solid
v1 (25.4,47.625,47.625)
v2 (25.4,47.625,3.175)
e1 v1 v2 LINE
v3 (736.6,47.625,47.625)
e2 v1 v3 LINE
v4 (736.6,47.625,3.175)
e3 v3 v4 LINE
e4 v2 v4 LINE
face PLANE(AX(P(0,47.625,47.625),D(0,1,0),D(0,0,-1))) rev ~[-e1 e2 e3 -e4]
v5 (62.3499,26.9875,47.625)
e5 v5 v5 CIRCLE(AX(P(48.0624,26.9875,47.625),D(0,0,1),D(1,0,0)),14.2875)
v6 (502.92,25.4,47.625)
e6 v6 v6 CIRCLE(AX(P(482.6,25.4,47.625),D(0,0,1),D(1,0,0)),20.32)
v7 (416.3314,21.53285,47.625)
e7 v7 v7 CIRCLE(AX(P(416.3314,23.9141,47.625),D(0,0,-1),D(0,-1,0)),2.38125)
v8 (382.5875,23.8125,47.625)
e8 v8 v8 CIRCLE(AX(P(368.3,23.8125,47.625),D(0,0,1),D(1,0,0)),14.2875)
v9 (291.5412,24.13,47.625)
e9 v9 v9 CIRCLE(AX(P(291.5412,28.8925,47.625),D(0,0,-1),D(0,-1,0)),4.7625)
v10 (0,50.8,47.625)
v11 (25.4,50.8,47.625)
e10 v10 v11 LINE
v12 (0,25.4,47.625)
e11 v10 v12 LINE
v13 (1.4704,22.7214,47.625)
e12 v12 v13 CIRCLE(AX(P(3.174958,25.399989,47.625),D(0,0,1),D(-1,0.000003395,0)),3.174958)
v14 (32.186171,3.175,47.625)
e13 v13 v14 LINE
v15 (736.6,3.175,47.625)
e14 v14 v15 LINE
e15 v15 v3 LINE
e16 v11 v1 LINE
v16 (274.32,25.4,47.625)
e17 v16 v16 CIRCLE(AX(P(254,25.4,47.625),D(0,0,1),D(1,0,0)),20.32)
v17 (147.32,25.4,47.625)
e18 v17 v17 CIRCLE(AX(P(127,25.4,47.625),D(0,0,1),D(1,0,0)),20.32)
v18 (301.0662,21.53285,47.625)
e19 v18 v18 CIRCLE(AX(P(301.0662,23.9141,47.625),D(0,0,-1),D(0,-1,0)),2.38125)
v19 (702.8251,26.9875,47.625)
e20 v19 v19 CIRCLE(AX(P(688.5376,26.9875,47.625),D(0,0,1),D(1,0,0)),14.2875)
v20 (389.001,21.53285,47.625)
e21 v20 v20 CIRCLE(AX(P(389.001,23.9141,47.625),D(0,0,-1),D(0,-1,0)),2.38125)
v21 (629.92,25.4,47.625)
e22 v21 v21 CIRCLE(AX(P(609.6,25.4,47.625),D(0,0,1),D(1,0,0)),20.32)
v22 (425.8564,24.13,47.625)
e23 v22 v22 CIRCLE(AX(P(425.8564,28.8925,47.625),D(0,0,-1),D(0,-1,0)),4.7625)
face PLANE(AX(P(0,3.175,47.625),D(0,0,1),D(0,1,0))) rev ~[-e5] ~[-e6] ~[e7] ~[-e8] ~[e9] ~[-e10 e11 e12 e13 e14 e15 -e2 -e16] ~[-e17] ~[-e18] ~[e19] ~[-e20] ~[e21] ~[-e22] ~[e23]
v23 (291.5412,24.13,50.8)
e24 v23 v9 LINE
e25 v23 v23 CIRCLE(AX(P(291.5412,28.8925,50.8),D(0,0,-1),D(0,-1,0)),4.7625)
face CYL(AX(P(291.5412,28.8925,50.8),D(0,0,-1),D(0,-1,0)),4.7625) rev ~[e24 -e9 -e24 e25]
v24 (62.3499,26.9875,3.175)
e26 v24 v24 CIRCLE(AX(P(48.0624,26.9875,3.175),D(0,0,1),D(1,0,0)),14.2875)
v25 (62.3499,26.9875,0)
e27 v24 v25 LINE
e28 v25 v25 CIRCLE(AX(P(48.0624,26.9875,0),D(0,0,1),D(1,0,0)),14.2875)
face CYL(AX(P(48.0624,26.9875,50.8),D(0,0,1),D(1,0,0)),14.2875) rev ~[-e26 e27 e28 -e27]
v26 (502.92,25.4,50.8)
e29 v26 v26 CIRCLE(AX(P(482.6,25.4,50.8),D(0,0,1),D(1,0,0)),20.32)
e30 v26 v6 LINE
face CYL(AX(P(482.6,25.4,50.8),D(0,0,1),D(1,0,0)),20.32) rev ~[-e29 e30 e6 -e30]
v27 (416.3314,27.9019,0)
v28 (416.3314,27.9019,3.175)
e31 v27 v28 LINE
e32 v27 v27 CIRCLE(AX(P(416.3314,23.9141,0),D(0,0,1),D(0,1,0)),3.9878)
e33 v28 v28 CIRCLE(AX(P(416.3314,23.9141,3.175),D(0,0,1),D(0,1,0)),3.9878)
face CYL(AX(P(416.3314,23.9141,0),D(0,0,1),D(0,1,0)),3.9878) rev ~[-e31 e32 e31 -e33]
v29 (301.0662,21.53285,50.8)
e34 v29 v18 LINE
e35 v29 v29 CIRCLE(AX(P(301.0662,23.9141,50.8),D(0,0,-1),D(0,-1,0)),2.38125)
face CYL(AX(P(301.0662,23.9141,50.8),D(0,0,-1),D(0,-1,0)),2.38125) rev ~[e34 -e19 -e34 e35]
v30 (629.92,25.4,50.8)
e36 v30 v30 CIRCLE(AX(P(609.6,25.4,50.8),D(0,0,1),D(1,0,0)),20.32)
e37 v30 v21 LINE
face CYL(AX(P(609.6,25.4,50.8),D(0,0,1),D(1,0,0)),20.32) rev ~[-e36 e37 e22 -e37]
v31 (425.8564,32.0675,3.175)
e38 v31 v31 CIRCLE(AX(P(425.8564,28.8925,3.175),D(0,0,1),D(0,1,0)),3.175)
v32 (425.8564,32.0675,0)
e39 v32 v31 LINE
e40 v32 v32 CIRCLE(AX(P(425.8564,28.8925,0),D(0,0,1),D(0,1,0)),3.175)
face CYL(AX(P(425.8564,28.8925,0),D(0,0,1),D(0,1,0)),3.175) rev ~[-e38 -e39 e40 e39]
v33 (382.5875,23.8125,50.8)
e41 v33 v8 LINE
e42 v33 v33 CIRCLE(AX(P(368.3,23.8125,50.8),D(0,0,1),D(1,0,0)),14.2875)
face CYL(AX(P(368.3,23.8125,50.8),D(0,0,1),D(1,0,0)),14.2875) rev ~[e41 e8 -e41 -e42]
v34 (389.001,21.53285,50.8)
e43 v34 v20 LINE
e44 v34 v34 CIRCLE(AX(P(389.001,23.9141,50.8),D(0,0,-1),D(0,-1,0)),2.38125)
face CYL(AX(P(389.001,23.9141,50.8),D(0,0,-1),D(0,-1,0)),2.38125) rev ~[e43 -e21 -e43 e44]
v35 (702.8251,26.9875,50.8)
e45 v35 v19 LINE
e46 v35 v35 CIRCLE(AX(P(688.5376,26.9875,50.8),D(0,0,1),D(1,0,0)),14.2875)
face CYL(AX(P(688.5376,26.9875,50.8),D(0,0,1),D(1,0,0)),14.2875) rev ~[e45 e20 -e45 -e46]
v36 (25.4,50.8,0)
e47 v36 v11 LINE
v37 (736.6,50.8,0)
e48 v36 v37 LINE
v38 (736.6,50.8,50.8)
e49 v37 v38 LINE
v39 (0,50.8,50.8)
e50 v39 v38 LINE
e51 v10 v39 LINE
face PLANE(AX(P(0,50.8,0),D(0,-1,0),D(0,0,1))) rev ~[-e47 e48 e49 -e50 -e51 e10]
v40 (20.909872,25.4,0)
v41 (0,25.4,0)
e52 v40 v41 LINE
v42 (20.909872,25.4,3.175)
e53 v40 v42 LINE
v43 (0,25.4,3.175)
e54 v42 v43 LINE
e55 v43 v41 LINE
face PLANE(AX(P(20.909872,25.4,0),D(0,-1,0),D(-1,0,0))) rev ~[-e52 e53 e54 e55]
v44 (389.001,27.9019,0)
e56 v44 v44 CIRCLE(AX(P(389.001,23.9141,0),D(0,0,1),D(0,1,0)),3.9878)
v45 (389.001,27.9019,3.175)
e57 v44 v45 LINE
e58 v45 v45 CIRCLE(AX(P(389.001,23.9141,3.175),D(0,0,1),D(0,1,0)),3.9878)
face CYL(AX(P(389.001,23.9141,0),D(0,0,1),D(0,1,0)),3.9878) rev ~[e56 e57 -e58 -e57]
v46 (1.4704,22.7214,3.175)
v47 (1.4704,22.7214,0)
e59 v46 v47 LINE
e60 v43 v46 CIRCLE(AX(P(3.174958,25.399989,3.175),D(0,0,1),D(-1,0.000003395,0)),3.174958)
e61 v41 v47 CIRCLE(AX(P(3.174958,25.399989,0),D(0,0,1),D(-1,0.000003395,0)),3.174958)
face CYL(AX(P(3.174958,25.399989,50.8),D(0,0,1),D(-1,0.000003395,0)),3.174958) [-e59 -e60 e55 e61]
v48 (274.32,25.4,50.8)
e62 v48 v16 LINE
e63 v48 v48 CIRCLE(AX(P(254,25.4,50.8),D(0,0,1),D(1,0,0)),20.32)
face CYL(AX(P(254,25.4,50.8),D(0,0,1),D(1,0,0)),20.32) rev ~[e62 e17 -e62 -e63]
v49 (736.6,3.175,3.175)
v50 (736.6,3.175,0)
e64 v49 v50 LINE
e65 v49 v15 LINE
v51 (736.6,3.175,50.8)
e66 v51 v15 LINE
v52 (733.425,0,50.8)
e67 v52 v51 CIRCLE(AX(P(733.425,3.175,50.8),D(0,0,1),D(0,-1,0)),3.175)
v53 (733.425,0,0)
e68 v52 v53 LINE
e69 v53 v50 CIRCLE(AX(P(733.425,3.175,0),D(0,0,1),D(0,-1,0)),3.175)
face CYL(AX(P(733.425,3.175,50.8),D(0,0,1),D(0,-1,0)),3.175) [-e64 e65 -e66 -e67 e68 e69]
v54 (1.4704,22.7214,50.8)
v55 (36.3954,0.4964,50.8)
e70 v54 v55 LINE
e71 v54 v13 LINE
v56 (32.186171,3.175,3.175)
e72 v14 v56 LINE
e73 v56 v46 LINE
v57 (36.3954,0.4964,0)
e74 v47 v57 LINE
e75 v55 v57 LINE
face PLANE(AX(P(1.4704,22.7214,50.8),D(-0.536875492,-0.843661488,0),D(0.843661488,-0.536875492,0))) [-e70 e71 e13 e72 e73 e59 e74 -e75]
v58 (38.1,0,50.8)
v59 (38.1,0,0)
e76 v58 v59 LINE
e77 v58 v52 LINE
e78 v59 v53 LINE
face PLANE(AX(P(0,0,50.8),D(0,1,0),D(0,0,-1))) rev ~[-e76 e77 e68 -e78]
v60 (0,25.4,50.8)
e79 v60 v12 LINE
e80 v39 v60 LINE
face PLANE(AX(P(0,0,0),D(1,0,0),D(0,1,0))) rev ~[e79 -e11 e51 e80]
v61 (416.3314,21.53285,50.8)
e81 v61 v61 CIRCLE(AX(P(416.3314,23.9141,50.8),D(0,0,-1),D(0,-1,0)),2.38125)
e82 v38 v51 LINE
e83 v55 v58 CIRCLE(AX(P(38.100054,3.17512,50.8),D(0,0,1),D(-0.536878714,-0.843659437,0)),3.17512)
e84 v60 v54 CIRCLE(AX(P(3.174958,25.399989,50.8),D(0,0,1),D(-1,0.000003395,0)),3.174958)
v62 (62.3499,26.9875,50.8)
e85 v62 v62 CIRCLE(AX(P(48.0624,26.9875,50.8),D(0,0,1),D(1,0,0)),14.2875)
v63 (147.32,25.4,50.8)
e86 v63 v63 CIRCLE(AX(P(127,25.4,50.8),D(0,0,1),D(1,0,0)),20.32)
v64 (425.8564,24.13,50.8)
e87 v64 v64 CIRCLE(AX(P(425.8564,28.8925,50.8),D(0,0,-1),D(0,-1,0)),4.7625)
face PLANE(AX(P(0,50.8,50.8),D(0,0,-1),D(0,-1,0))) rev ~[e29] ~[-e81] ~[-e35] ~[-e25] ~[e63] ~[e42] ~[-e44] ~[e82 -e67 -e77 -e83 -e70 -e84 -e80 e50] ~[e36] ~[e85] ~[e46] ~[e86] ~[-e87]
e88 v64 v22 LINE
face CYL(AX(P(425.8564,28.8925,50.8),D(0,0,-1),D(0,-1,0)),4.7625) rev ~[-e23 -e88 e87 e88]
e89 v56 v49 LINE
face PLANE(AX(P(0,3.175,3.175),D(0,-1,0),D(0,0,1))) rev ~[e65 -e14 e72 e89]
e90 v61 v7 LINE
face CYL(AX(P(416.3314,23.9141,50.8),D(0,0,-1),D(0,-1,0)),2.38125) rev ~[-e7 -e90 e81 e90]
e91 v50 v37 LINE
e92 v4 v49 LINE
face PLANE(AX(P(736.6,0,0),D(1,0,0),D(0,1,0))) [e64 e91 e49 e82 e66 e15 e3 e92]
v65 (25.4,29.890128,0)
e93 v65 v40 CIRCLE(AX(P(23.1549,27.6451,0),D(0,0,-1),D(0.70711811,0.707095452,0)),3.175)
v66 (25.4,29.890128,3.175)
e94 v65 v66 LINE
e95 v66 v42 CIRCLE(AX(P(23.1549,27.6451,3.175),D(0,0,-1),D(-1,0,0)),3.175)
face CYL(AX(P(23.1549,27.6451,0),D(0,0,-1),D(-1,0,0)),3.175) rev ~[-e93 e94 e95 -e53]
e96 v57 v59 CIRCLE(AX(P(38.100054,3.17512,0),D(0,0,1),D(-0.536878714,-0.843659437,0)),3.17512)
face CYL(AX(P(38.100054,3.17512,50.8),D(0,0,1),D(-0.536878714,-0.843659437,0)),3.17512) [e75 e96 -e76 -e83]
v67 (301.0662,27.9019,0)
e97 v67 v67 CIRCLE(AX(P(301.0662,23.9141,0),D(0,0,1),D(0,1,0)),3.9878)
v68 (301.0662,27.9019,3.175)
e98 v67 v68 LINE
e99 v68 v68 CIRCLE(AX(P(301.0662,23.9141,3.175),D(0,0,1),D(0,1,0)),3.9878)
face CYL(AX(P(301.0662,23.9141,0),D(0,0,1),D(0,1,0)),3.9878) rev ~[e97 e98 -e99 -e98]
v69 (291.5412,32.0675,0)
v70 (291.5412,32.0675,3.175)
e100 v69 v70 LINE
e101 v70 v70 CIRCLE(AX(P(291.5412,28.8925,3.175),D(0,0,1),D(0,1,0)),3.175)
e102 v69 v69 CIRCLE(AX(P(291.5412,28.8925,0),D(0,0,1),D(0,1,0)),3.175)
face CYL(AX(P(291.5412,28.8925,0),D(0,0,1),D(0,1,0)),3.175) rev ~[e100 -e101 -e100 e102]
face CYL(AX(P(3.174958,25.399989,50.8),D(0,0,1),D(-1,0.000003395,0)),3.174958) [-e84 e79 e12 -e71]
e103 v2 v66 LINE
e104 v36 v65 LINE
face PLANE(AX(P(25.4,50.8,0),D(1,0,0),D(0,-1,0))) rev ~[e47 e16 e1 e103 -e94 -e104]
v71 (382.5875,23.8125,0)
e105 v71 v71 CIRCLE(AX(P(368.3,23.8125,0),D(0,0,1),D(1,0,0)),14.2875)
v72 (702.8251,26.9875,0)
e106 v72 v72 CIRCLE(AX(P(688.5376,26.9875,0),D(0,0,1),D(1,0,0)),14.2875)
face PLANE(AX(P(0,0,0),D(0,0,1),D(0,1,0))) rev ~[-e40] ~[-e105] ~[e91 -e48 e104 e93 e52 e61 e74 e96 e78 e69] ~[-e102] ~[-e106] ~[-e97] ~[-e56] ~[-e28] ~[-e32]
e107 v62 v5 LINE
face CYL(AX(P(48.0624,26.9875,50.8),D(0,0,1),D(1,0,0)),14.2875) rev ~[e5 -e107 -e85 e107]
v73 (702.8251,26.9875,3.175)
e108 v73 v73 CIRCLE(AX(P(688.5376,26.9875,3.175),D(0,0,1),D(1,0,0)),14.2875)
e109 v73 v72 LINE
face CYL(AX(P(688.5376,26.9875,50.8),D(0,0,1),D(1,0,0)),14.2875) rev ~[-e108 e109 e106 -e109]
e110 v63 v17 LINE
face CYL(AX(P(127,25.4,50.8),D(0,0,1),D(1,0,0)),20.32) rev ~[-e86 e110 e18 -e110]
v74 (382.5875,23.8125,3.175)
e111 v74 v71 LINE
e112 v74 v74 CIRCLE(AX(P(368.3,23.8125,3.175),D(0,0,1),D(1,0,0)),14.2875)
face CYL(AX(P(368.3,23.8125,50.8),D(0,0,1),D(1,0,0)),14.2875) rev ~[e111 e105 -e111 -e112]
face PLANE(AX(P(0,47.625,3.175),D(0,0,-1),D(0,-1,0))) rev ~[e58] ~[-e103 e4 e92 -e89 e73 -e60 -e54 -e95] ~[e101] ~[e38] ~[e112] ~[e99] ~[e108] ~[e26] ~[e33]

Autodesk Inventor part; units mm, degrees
ref_plane "YZ Plane" through (0, 0, 0) normal (1, 0, 0) x (0, 1, 0)
ref_plane "XZ Plane" through (0, 0, 0) normal (0, 1, 0) x (-1, 0, 0)
ref_plane "XY Plane" through (0, 0, 0) normal (0, 0, 1) x (1, 0, 0)
sketch "Sketch1" plane through (0, 0, 0) normal (1, 0, 0) x (0, 1, 0)
  line L0 (0, 0) -> (50.8, 0)
  line L1 (50.8, 0) -> (50.8, 50.8)
  line L2 (50.8, 50.8) -> (0, 50.8)
  line L3 (0, 50.8) -> (0, 0)
  line L4 (3.175, 47.625) -> (47.625, 47.625)
  line L5 (47.625, 47.625) -> (47.625, 3.175)
  line L6 (47.625, 3.175) -> (3.175, 3.175)
  line L7 (3.175, 3.175) -> (3.175, 47.625)
  dimension "d0" = 50.8
  dimension "d1" = 3.175
extrude "Extrusion1" add sketch "Sketch1" along normal blind 736.6
sketch "Sketch2" plane through (0, 0, 50.8) normal (0, 0, 1) x (1, 0, 0)
  line L0 (0, 50.8) -> (0, 0) projected
  line L1 (0, 0) -> (736.6, 0) projected
  line L2 (736.6, 50.8) -> (736.6, 0) projected
  line L3 (0, 50.8) -> (736.6, 50.8) projected
  circle A0 centre (48.0624, 26.9875) radius 14.2875
  circle A1 centre (368.3, 23.8125) radius 14.2875
  circle A2 centre (688.5376, 26.9875) radius 14.2875
  line L4 (-35.152, 25.4) -> (810.7598, 25.4) construction
  line L5 (736.6, 3.175) -> (736.6, 0)
  line L6 (736.6, 0) -> (733.425, 0)
  arc A3 (733.425, 0) -> (736.6, 3.175) centre (733.425, 3.175) ccw
  arc A4 (0, 25.4) -> (1.4704, 22.7214) centre (3.175, 25.4) ccw
  arc A5 (36.3954, 0.4964) -> (38.1, 0) centre (38.1, 3.175) ccw
  line L7 (1.4704, 22.7214) -> (36.3954, 0.4964)
  line L8 (0, 25.4) -> (0, 0)
  line L9 (38.1, 0) -> (0, 0)
  line L10 (-134.201, 26.9875) -> (938.3775, 26.9875) construction
  dimension "d4" = 25.4
  dimension "d5" = 23.8125
  dimension "d6" = 320.2534
  dimension "d7" = 320.2534
  dimension "d8" = 368.3
  dimension "d9" = 28.575
  dimension "d10" = 3.175
  dimension "d11" = 3.175
  dimension "d12" = 3.175
  dimension "d13" = 3.175
  dimension "d14" = 38.1
  dimension "d19" = 1.5875
extrude "Extrusion2" cut sketch "Sketch2" against normal blind 50.8 contours A4 L7 A5 L1 L0 | L2 L1 A3 | A0 | A1 | A2
sketch "Sketch3" plane through (736.6, 50.8, 0) normal (0, 0, -1) x (-1, 0, 0)
  line L0 (736.6, 0) -> (711.2, 0)
  line L1 (711.2, 0) -> (711.2, -25.4)
  line L2 (711.2, -25.4) -> (736.6, -25.4)
  line L3 (736.6, -25.4) -> (736.6, 0)
  line L4 (711.2, -25.4) -> (717.8505, -18.7495) construction
  circle A0 centre (713.4451, -23.1549) radius 3.175
  point P0 (736.6, -50.8)
  dimension "d24" = 6.35
  dimension "d17" = 25.4
  dimension "d22" = 45
extrude "Extrusion3" cut sketch "Sketch3" against normal blind 47.625
sketch "Sketch5" plane through (0, 50.8, 50.8) normal (0, 0, 1) x (1, 0, 0)
  line L0 (0, 0) -> (736.6, 0) projected
  line L1 (0, 0) -> (0, -25.4) projected
  circle A0 centre (368.3, -26.9875) radius 14.2875 projected
  line L2 (-82.8733, -25.4) -> (895.8965, -25.4) construction
  circle A1 centre (127, -25.4) radius 20.32
  circle A2 centre (254, -25.4) radius 20.32
  circle A3 centre (482.6, -25.4) radius 20.32
  circle A4 centre (609.6, -25.4) radius 20.32
  point P0 (0, -50.8)
  dimension "d25" = 25.4
  dimension "d26" = 40.64
  dimension "d27" = 127
  dimension "d28" = 127
  dimension "d29" = 114.3
  dimension "d30" = 114.3
extrude "Extrusion4" cut sketch "Sketch5" against normal blind 3.175 contours A1 | A2 | A3 | A4
sketch "Sketch6" plane through (733.425, 0, 0) normal (0, 0, -1) x (-1, 0, 0)
  line L0 (733.425, 25.4) -> (712.5151, 25.4) projected
  circle A0 centre (365.125, 23.8125) radius 14.2875 projected
  line L1 (217.4406, 23.9141) -> (492.0781, 23.9141) construction
  point P0 (733.425, 0)
  point P1 (432.3588, 23.9141)
  point P2 (344.424, 23.9141)
  point P3 (317.0936, 23.9141)
  dimension "d33" = 0.1016
  dimension "d34" = 20.701
  dimension "d35" = 48.0314
  dimension "d36" = 67.2338
hole "Hole1" at (301.0662, 23.9141, 0) at (389.001, 23.9141, 0) at (416.3314, 23.9141, 0) direction (0, 0, 1) diameter 7.9756 depth 25.4 tip angle 118
sketch "Sketch7" plane through (733.425, 0, 0) normal (0, 0, -1) x (-1, 0, 0)
  line L0 (733.425, 25.4) -> (712.5151, 25.4) projected
  circle A0 centre (365.125, 23.8125) radius 14.2875 projected
  line L1 (252.4125, 28.8925) -> (487.3625, 28.8925) construction
  point P0 (733.425, 0)
  point P1 (307.5686, 28.8925)
  point P2 (441.8838, 28.8925)
  dimension "d44" = 5.08
  dimension "d45" = 57.5564
  dimension "d46" = 76.7588
hole "Hole2" at (425.8564, 28.8925, 0) at (291.5412, 28.8925, 0) direction (0, 0, 1) diameter 6.35 depth 25.4 tip angle 118
sketch "Sketch8" plane through (0, 50.8, 50.8) normal (0, 0, 1) x (1, 0, 0)
  circle A0 centre (482.6, -25.4) radius 20.32 projected
  circle A1 centre (127, -25.4) radius 20.32 projected
  circle A2 centre (254, -25.4) radius 20.32 projected
  circle A3 centre (609.6, -25.4) radius 20.32 projected
  arc A4 (36.3954, -50.3036) -> (38.1, -50.8) centre (38.1, -47.625) ccw projected
  line L0 (38.1, -50.8) -> (733.425, -50.8) projected
  arc A5 (733.425, -50.8) -> (736.6, -47.625) centre (733.425, -47.625) ccw projected
  line L1 (736.6, 0) -> (736.6, -47.625) projected
  line L2 (0, 0) -> (736.6, 0) projected
  line L3 (0, 0) -> (0, -25.4) projected
  arc A6 (0, -25.4) -> (1.4704, -28.0786) centre (3.175, -25.4) ccw projected
  line L4 (1.4704, -28.0786) -> (36.3954, -50.3036) projected
  circle A7 centre (368.3, -26.9875) radius 14.2875 projected
  circle A8 centre (48.0624, -23.8125) radius 14.2875 projected
  circle A9 centre (688.5376, -23.8125) radius 14.2875 projected
  circle A10 centre (291.5412, -21.9075) radius 3.175 projected
  circle A11 centre (301.0662, -26.8859) radius 3.9878 projected
  circle A12 centre (389.001, -26.8859) radius 3.9878 projected
  circle A13 centre (416.3314, -26.8859) radius 3.9878 projected
  circle A14 centre (425.8564, -21.9075) radius 3.175 projected
  point P0 (0, -50.8)
hole "Hole3" at (301.0662, 23.9141, 50.8) at (389.001, 23.9141, 50.8) at (416.3314, 23.9141, 50.8) direction (0, 0, -1) diameter 4.7625 depth 25.4 tip angle 118
sketch "Sketch9" plane through (0, 50.8, 50.8) normal (0, 0, 1) x (1, 0, 0)
  circle A0 centre (291.5412, -21.9075) radius 3.175 projected
  circle A1 centre (425.8564, -21.9075) radius 3.175 projected
  point P0 (0, -50.8)
hole "Hole4" at (291.5412, 28.8925, 50.8) at (425.8564, 28.8925, 50.8) direction (0, 0, -1) diameter 9.525 depth 25.4 tip angle 118
sketch "Sketch11" plane through (733.425, 0, 0) normal (0, 0, -1) x (-1, 0, 0)
  circle A0 centre (307.5686, 28.8925) radius 3.175 projected
  circle A1 centre (441.8838, 28.8925) radius 3.175 projected
  circle A2 centre (344.424, 23.9141) radius 3.9878 projected
  circle A3 centre (432.3588, 23.9141) radius 3.9878 projected
  circle A4 centre (317.0936, 23.9141) radius 3.9878 projected
  line L0 (708.025, 29.8901) -> (708.025, 50.8) projected
  line L1 (708.025, 50.8) -> (-3.175, 50.8) projected
  line L2 (-3.175, 3.175) -> (-3.175, 50.8) projected
  arc A5 (-3.175, 3.175) -> (0, 0) centre (0, 3.175) ccw projected
  line L3 (695.325, 0) -> (0, 0) projected
  arc A6 (695.325, 0) -> (697.0296, 0.4964) centre (695.325, 3.175) ccw projected
  line L4 (697.0296, 0.4964) -> (731.9546, 22.7214) projected
  arc A7 (731.9546, 22.7214) -> (733.425, 25.4) centre (730.25, 25.4) ccw projected
  line L5 (733.425, 25.4) -> (712.5151, 25.4) projected
  arc A8 (708.025, 29.8901) -> (712.5151, 25.4) centre (710.2701, 27.6451) ccw projected
  circle A9 centre (365.125, 23.8125) radius 14.2875 projected
  circle A10 centre (685.3626, 26.9875) radius 14.2875 projected
  circle A11 centre (44.8874, 26.9875) radius 14.2875 projected
  point P0 (733.425, 0)
sketch "Sketch12" plane through (733.425, 0, 0) normal (0, 0, -1) x (-1, 0, 0)
  circle A0 centre (307.5686, 28.8925) radius 3.175 projected
  circle A1 centre (441.8838, 28.8925) radius 3.175 projected
  circle A2 centre (344.424, 23.9141) radius 3.9878 projected
  circle A3 centre (432.3588, 23.9141) radius 3.9878 projected
  circle A4 centre (317.0936, 23.9141) radius 3.9878 projected
  line L0 (708.025, 29.8901) -> (708.025, 50.8) projected
  line L1 (708.025, 50.8) -> (-3.175, 50.8) projected
  line L2 (-3.175, 3.175) -> (-3.175, 50.8) projected
  arc A5 (-3.175, 3.175) -> (0, 0) centre (0, 3.175) ccw projected
  line L3 (695.325, 0) -> (0, 0) projected
  arc A6 (695.325, 0) -> (697.0296, 0.4964) centre (695.325, 3.175) ccw projected
  line L4 (697.0296, 0.4964) -> (731.9546, 22.7214) projected
  arc A7 (731.9546, 22.7214) -> (733.425, 25.4) centre (730.25, 25.4) ccw projected
  line L5 (733.425, 25.4) -> (712.5151, 25.4) projected
  arc A8 (708.025, 29.8901) -> (712.5151, 25.4) centre (710.2701, 27.6451) ccw projected
  circle A9 centre (365.125, 23.8125) radius 14.2875 projected
  circle A10 centre (685.3626, 26.9875) radius 14.2875 projected
  circle A11 centre (44.8874, 26.9875) radius 14.2875 projected
  line L6 (713.7121, 11.1125) -> (756.5701, 38.3858)
  line L7 (733.425, 25.4) -> (733.425, 4.1402)
  line L8 (695.325, 0) -> (700.957, 0)
  line L9 (713.7121, 11.1125) -> (685.3626, -6.9281)
  line L10 (733.425, 23.6571) -> (740.2433, 12.9426)
  line L11 (696.2496, 0) -> (703.0679, -10.7145)
  line L12 (740.2433, 12.9426) -> (733.425, 12.9426)
  line L13 (703.0679, -10.7145) -> (703.0679, 0)
  line L14 (703.0679, 0) -> (696.2496, 0)
  point P0 (733.425, 0)
  dimension "d69" = 12.7
  dimension "d70" = 12.7
  dimension "d71" = 10.7145
  dimension "d72" = 6.8183
  dimension "d75" = 6.8183
  dimension "d76" = 37.1754
  dimension "d77" = 23.6571
equation "\"d7\" = d6"
equation "\"d11\" = d10"
equation "\"d13\" = d12"
equation "\"d28\" = d27"
equation "\"d30\" = d29"
properties part number "RightMainBeam" material "Aluminum 6061"
